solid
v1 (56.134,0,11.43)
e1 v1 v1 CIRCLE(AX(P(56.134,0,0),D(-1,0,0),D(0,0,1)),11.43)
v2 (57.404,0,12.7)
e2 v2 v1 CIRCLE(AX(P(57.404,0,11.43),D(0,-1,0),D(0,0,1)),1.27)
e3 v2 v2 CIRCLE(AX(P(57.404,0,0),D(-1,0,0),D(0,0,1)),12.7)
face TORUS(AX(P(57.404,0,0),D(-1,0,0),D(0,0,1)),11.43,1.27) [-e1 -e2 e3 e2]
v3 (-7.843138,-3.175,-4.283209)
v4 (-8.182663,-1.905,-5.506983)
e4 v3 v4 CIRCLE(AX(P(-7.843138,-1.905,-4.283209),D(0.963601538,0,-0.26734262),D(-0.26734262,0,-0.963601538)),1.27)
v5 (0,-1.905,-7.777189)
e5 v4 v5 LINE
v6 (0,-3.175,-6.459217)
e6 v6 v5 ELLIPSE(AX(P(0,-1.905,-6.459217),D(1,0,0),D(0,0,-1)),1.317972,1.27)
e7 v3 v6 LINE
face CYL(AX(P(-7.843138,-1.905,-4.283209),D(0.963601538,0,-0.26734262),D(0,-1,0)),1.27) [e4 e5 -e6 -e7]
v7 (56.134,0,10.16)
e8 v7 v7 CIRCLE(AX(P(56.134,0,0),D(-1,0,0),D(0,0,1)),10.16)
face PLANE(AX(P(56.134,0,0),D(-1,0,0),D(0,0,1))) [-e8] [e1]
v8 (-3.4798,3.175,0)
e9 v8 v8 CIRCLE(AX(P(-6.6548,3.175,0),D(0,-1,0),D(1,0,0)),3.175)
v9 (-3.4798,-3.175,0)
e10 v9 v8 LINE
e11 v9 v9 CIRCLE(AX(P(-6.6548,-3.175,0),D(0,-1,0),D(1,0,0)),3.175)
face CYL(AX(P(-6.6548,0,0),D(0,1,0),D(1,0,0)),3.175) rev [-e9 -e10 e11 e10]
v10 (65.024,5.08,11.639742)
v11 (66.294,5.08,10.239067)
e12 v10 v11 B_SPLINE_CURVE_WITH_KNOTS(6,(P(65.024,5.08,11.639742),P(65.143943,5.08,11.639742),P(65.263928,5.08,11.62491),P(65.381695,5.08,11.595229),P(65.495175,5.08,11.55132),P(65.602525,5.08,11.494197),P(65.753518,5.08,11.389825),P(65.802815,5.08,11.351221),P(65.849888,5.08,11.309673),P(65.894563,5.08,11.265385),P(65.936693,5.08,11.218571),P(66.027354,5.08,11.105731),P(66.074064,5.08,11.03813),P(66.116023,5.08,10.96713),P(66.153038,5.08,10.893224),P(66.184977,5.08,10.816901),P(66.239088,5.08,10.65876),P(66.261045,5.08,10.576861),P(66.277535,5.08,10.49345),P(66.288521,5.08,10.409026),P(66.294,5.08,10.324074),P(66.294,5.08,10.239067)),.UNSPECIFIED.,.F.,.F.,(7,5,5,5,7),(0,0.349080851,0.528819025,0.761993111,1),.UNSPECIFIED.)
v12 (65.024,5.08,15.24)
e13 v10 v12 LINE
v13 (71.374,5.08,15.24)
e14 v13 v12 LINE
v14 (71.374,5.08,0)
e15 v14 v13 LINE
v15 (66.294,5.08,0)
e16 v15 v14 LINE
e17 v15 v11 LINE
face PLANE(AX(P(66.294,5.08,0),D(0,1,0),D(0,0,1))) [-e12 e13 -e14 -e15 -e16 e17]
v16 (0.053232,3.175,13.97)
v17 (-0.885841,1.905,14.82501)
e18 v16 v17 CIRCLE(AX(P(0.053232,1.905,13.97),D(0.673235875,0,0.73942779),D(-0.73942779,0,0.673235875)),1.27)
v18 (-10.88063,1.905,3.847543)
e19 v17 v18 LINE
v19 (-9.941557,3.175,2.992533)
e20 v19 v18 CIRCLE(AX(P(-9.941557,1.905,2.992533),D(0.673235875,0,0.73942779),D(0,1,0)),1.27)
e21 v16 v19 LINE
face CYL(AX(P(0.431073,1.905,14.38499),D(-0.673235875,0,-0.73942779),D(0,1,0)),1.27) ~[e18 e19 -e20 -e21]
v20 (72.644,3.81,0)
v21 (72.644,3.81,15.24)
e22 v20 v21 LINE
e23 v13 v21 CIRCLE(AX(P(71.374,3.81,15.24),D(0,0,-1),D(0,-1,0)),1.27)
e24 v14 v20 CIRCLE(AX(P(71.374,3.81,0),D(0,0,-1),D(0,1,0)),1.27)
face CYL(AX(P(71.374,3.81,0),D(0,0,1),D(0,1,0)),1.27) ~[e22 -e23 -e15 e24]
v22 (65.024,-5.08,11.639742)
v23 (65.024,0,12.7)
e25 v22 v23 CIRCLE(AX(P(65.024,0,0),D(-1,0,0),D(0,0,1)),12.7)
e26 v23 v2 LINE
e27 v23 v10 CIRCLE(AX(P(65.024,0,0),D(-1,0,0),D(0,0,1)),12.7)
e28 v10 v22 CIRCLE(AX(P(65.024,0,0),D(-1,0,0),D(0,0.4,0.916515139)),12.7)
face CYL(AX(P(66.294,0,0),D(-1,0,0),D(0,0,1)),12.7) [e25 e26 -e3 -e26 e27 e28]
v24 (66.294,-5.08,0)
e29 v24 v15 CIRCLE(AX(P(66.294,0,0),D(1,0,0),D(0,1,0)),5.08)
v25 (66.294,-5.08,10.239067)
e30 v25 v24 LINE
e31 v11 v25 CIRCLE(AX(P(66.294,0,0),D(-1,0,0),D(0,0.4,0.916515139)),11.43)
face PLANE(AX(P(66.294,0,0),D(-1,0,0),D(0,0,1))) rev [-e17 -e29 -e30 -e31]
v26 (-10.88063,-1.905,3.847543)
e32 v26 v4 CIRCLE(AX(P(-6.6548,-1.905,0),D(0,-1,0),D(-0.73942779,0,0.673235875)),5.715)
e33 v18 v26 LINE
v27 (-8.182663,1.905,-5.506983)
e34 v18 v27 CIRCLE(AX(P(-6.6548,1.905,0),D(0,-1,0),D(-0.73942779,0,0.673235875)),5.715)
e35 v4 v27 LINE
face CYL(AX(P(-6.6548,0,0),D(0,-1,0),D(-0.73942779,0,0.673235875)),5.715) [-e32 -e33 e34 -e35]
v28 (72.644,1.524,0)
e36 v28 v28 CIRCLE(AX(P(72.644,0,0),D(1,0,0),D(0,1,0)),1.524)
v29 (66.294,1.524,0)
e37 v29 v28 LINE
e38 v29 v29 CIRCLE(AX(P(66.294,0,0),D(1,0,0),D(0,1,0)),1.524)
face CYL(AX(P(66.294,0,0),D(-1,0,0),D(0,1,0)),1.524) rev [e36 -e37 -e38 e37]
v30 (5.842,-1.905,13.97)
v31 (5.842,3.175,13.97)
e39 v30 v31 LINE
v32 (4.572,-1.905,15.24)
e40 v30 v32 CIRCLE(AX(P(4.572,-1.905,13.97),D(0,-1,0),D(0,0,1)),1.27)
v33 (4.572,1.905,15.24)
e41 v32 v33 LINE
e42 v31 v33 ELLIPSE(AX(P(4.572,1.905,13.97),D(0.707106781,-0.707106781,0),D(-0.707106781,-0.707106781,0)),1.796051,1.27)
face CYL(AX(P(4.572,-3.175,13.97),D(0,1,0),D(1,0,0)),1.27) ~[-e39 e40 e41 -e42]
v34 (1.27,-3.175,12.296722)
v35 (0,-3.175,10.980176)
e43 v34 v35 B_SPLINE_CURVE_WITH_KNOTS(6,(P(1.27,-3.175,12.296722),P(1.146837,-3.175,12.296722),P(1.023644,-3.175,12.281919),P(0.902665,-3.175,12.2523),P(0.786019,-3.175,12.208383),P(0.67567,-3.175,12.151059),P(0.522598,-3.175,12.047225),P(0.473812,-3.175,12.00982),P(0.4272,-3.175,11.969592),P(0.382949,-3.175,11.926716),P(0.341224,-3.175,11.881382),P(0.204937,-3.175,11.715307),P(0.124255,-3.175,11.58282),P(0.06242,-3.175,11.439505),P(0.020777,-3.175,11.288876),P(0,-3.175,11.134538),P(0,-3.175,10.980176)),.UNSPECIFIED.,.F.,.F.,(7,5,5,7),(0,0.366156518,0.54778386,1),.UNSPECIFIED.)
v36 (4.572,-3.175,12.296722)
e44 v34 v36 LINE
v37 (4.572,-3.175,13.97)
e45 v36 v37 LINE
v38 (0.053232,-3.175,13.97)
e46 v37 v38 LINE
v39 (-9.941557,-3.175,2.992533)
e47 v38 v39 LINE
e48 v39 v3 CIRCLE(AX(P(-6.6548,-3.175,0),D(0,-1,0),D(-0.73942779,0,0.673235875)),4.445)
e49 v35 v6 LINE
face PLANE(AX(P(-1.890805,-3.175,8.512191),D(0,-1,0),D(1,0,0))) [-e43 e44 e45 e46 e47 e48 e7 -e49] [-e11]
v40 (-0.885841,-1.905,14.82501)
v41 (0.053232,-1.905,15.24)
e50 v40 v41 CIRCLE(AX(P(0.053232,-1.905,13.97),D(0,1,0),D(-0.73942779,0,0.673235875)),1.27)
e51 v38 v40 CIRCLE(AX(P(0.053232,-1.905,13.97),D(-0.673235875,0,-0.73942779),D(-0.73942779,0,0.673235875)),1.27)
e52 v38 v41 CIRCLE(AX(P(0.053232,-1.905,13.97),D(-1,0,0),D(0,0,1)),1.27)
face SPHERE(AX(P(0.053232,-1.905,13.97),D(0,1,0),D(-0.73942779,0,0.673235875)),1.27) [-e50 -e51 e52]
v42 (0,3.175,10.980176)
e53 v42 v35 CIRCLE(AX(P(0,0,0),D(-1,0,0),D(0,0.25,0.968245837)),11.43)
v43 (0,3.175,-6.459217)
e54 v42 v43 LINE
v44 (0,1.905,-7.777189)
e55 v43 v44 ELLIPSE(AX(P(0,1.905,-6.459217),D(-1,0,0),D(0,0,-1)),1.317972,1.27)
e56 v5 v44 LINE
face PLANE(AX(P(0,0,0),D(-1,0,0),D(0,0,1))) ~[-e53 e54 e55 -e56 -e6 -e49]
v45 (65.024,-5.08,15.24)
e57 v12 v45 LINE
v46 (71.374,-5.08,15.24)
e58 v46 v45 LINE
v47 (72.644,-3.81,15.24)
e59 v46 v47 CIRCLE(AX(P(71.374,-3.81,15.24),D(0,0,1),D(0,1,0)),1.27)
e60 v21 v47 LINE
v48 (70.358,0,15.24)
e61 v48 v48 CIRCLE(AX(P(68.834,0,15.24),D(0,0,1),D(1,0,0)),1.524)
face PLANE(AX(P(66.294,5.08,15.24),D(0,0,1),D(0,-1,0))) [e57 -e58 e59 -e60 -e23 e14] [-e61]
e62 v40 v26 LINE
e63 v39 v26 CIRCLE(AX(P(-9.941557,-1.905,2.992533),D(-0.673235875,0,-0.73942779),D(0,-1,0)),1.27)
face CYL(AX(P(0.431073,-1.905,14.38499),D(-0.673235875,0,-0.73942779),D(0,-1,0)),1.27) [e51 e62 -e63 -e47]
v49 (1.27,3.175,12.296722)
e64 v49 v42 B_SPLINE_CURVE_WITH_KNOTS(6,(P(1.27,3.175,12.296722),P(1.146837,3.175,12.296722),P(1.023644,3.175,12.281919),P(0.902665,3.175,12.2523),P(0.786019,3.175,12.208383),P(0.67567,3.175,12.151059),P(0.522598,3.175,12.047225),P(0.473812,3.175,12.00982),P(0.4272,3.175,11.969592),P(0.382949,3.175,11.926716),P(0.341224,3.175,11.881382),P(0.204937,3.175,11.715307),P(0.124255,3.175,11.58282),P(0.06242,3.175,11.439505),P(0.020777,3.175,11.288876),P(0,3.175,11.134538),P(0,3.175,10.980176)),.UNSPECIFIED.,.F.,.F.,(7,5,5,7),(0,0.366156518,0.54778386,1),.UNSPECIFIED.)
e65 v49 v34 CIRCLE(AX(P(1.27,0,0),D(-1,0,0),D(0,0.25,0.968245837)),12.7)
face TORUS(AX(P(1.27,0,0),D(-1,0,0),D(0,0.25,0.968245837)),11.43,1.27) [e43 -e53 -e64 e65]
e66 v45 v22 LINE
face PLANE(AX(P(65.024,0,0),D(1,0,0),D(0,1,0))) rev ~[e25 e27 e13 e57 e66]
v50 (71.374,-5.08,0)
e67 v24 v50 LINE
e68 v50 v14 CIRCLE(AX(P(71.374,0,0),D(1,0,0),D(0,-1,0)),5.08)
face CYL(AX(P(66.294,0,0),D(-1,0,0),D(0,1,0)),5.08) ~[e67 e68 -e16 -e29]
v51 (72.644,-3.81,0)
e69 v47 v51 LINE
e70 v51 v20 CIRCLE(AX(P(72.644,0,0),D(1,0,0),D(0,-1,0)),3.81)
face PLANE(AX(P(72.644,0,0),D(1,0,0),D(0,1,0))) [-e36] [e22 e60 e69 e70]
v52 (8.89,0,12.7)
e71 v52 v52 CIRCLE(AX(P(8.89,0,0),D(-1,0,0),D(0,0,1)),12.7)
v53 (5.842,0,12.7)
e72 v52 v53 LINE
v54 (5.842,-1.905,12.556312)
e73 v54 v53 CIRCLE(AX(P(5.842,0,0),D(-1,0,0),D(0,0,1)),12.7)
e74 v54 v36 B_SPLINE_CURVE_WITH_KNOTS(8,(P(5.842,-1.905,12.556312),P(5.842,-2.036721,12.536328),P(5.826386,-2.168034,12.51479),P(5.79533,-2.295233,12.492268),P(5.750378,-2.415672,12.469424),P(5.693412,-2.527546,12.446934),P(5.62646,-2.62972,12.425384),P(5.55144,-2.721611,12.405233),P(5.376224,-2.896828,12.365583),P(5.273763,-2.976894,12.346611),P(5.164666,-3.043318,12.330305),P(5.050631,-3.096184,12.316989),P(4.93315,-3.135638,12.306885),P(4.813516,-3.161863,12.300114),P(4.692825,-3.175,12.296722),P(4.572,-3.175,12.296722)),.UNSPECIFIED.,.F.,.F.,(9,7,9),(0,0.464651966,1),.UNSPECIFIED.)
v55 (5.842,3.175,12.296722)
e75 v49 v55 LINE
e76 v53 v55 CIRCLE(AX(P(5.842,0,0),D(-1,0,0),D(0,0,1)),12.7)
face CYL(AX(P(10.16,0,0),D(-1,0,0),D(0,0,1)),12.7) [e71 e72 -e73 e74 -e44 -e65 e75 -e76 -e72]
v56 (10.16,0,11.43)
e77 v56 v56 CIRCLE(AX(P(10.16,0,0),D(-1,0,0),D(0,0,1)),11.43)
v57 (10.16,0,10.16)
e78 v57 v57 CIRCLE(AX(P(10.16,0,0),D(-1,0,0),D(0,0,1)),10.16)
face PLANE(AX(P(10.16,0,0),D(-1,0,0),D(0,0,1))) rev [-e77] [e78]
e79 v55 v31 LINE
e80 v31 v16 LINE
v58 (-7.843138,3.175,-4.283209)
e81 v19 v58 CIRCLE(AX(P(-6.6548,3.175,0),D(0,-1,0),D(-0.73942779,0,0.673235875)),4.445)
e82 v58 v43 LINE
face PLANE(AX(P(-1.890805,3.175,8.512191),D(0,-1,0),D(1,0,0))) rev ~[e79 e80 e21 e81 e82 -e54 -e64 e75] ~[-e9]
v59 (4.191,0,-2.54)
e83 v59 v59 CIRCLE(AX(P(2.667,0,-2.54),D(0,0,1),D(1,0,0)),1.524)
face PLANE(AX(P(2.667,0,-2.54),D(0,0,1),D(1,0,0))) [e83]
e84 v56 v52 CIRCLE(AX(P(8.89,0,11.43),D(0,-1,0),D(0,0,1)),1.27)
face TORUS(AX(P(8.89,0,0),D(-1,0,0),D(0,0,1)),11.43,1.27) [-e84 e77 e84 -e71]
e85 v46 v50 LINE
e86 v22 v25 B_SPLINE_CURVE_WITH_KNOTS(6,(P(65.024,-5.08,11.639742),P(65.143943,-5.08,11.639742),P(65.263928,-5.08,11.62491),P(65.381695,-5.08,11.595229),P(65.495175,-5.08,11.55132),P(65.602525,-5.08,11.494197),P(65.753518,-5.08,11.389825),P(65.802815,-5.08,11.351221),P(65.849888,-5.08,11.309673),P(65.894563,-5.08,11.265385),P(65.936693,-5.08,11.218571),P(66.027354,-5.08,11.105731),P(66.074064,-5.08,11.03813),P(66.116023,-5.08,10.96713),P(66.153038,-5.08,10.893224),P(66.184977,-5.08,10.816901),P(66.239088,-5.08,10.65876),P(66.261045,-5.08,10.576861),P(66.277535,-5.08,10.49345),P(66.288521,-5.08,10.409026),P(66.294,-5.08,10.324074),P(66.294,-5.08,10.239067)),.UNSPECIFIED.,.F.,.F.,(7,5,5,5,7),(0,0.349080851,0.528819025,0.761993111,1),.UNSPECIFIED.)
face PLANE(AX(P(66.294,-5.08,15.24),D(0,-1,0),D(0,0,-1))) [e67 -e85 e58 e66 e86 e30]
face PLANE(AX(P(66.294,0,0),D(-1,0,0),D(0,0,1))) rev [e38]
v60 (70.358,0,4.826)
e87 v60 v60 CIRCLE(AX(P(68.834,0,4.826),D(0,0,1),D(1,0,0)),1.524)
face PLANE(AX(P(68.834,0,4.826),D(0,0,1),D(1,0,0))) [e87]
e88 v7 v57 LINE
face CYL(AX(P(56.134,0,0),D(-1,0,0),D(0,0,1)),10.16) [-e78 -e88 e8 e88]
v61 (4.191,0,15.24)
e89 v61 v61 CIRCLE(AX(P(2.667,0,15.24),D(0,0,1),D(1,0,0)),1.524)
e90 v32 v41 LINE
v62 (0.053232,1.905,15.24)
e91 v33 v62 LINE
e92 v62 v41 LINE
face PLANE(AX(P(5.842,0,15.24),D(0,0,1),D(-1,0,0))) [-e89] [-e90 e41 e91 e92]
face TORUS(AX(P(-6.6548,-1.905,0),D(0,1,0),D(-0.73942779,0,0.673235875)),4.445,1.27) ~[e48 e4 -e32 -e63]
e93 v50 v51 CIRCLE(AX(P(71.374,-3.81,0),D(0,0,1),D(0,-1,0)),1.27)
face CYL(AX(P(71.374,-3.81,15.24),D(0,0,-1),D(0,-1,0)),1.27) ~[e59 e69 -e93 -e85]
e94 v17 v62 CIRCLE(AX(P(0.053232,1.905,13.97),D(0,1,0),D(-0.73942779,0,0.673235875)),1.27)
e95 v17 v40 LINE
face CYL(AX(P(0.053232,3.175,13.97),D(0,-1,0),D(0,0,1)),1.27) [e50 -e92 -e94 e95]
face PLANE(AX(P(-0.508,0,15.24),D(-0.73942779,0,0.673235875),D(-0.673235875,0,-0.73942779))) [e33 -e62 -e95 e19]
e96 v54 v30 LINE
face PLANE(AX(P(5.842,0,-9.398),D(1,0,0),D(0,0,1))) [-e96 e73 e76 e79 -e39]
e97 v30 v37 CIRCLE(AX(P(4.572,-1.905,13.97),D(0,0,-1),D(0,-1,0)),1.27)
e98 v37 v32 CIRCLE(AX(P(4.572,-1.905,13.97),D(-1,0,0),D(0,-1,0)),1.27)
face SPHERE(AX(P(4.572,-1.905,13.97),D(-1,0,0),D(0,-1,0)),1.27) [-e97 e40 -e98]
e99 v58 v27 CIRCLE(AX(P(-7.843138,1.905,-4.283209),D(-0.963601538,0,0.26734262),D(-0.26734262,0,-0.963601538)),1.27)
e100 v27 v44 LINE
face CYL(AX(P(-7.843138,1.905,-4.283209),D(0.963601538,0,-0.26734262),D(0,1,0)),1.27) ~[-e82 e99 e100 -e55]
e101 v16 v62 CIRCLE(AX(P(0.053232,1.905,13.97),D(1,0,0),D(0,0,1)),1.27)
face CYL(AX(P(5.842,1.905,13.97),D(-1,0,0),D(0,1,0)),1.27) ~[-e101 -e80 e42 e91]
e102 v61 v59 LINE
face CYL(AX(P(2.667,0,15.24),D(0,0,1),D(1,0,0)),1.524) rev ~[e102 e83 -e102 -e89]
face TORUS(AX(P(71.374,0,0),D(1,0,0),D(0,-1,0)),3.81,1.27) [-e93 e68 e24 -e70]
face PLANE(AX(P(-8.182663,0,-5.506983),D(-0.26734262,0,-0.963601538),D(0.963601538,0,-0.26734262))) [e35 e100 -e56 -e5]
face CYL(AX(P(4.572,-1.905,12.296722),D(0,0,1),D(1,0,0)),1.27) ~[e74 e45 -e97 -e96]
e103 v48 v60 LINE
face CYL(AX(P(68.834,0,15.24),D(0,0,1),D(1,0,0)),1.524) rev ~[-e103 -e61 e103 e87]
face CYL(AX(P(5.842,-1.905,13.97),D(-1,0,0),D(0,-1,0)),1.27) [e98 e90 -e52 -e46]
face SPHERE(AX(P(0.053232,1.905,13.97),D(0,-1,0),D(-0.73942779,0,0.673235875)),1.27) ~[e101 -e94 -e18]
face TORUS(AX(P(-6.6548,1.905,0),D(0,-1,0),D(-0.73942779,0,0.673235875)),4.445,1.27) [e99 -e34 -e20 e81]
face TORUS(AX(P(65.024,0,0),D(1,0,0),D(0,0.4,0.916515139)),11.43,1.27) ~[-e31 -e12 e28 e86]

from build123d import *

# Parameters (mm, degrees)
F0_W          = 5.842
F0_H          = 12.7
F0_R          = 3.175
F3_DEPTH      = 3.175
F4_R          = 1.524
F5_DEPTH      = 6.35
F5_DEPTH_BACK = 1.27
F6_R          = 1.524
F7_DEPTH      = 10.414
F8_R          = 1.524
F9_DEPTH      = 17.78
F10_R         = 1.27
F11_R         = 1.27
F12_R         = 1.27


with BuildPart() as f1:
    # F0 (on Front) → F1 (revolve)
    with BuildSketch(Plane.XZ):
        Polygon((5.842, 12.7), (5.842, 0), (66.294, 0), (66.294, 12.7), (56.134, 12.7), (56.134, 10.16), (10.16, 10.16), (10.16, 12.7), align=None)
    revolve(axis=Axis((33.147, 0, 0), (-1, 0, 0)))

    # F0 (on Front) → F2 (revolve)
    with BuildSketch(Plane.XZ):
        with Locations((2.921, 6.35)):
            Rectangle(F0_W, F0_H)
    revolve(axis=Axis((33.147, 0, 0), (-1, 0, 0)))

    # F0 (on Front) → F3 (join, symmetric)
    with BuildSketch(Plane.XZ):
        with BuildLine():
            Line((-0.9398, 0), (0, 0))
            Line((0, 0), (0, 12.7))
            Line((0, 12.7), (5.842, 12.7))
            Line((5.842, 12.7), (5.842, 15.24))
            Line((5.842, 15.24), (-0.508, 15.24))
            Line((-0.508, 15.24), (-10.8806298187, 3.8475430269))
            ThreePointArc((-10.8806298187, 3.8475430269), (-4.5919612295, 5.3297205562), (-0.9398, 0))
        make_face()
        with BuildLine():
            ThreePointArc((-8.1826630726, -5.5069827884), (-3.1957909266, -4.5493385486), (-0.9398, 0))
            ThreePointArc((-0.9398, 0), (-4.5919612295, 5.3297205562), (-10.8806298187, 3.8475430269))
            ThreePointArc((-10.8806298187, 3.8475430269), (-12.1459778134, -1.5837270034), (-8.1826630726, -5.5069827884))
        make_face()
        with Locations((-6.6548, 0)):
            Circle(F0_R, mode=Mode.SUBTRACT)
        with BuildLine():
            Line((5.842, 0), (0, 0))
            Line((0, 0), (-0.9398, 0))
            ThreePointArc((-0.9398, 0), (-3.1957909266, -4.5493385486), (-8.1826630726, -5.5069827884))
            Line((-8.1826630726, -5.5069827884), (5.842, -9.398))
            Line((5.842, -9.398), (5.842, 0))
        make_face()
        with Locations((2.921, 6.35)):
            Rectangle(F0_W, F0_H)
    extrude(amount=F3_DEPTH, both=True)

    # F4 (on face) → F5 (join, two sides)
    with BuildSketch(Plane.YZ.offset(66.294)) as f5_sk:
        with BuildLine():
            ThreePointArc((-5.08, 0), (0, -5.08), (5.08, 0))
            ThreePointArc((5.08, 0), (0, 5.08), (-5.08, 0))
        make_face()
        Circle(F4_R, mode=Mode.SUBTRACT)
        with BuildLine():
            ThreePointArc((-5.08, 0), (0, 5.08), (5.08, 0))
            Line((5.08, 0), (5.08, 11.6397422652))
            ThreePointArc((5.08, 11.6397422652), (0, 12.7), (-5.08, 11.6397422652))
            Line((-5.08, 11.6397422652), (-5.08, 0))
        make_face()
        with BuildLine():
            ThreePointArc((-5.08, 11.6397422652), (0, 12.7), (5.08, 11.6397422652))
            Line((5.08, 11.6397422652), (5.08, 15.24))
            Line((5.08, 15.24), (-5.08, 15.24))
            Line((-5.08, 15.24), (-5.08, 11.6397422652))
        make_face()
    extrude(amount=F5_DEPTH)
    extrude(f5_sk.sketch, amount=-F5_DEPTH_BACK)

    # F6 (on face) → F7 (cut)
    with BuildSketch(Plane.XY.offset(15.24)):
        with Locations((68.834, 0)):
            Circle(F6_R)
    extrude(amount=-F7_DEPTH, mode=Mode.SUBTRACT)

    # F8 (on face) → F9 (cut)
    with BuildSketch(Plane.XY.offset(15.24)):
        with Locations((2.667, 0)):
            Circle(F8_R)
    extrude(amount=-F9_DEPTH, mode=Mode.SUBTRACT)

    # F10
    f10_edges = [f1.edges().sort_by_distance(p)[0] for p in [
        (66.294, 0, -12.7),
        (56.134, 0, -12.7),
        (10.16, 0, -12.7),
        (0, 0, -12.7),
    ]]
    fillet(f10_edges, radius=F10_R)

    # F11
    f11_edges = [f1.edges().sort_by_distance(p)[0] for p in [
        (72.644, -5.08, 7.62),
    ]]
    fillet(f11_edges, radius=F11_R)

    # F12
    f12_edges = [f1.edges().sort_by_distance(p)[0] for p in [
        (-12.145978, -3.175, -1.583727),
        (-5.694315, -3.175, 9.543772),
        (2.667, -3.175, 15.24),
        (5.842, -3.175, 13.768361),
        (-4.091332, -3.175, -6.642086),
        (-12.145978, 3.175, -1.583727),
        (-5.694315, 3.175, 9.543772),
        (2.667, 3.175, 15.24),
        (5.842, 0, 15.24),
        (-0.508, 0, 15.24),
        (-4.091332, 3.175, -6.642086),
    ]]
    fillet(f12_edges, radius=F12_R)


solid = f1.part
